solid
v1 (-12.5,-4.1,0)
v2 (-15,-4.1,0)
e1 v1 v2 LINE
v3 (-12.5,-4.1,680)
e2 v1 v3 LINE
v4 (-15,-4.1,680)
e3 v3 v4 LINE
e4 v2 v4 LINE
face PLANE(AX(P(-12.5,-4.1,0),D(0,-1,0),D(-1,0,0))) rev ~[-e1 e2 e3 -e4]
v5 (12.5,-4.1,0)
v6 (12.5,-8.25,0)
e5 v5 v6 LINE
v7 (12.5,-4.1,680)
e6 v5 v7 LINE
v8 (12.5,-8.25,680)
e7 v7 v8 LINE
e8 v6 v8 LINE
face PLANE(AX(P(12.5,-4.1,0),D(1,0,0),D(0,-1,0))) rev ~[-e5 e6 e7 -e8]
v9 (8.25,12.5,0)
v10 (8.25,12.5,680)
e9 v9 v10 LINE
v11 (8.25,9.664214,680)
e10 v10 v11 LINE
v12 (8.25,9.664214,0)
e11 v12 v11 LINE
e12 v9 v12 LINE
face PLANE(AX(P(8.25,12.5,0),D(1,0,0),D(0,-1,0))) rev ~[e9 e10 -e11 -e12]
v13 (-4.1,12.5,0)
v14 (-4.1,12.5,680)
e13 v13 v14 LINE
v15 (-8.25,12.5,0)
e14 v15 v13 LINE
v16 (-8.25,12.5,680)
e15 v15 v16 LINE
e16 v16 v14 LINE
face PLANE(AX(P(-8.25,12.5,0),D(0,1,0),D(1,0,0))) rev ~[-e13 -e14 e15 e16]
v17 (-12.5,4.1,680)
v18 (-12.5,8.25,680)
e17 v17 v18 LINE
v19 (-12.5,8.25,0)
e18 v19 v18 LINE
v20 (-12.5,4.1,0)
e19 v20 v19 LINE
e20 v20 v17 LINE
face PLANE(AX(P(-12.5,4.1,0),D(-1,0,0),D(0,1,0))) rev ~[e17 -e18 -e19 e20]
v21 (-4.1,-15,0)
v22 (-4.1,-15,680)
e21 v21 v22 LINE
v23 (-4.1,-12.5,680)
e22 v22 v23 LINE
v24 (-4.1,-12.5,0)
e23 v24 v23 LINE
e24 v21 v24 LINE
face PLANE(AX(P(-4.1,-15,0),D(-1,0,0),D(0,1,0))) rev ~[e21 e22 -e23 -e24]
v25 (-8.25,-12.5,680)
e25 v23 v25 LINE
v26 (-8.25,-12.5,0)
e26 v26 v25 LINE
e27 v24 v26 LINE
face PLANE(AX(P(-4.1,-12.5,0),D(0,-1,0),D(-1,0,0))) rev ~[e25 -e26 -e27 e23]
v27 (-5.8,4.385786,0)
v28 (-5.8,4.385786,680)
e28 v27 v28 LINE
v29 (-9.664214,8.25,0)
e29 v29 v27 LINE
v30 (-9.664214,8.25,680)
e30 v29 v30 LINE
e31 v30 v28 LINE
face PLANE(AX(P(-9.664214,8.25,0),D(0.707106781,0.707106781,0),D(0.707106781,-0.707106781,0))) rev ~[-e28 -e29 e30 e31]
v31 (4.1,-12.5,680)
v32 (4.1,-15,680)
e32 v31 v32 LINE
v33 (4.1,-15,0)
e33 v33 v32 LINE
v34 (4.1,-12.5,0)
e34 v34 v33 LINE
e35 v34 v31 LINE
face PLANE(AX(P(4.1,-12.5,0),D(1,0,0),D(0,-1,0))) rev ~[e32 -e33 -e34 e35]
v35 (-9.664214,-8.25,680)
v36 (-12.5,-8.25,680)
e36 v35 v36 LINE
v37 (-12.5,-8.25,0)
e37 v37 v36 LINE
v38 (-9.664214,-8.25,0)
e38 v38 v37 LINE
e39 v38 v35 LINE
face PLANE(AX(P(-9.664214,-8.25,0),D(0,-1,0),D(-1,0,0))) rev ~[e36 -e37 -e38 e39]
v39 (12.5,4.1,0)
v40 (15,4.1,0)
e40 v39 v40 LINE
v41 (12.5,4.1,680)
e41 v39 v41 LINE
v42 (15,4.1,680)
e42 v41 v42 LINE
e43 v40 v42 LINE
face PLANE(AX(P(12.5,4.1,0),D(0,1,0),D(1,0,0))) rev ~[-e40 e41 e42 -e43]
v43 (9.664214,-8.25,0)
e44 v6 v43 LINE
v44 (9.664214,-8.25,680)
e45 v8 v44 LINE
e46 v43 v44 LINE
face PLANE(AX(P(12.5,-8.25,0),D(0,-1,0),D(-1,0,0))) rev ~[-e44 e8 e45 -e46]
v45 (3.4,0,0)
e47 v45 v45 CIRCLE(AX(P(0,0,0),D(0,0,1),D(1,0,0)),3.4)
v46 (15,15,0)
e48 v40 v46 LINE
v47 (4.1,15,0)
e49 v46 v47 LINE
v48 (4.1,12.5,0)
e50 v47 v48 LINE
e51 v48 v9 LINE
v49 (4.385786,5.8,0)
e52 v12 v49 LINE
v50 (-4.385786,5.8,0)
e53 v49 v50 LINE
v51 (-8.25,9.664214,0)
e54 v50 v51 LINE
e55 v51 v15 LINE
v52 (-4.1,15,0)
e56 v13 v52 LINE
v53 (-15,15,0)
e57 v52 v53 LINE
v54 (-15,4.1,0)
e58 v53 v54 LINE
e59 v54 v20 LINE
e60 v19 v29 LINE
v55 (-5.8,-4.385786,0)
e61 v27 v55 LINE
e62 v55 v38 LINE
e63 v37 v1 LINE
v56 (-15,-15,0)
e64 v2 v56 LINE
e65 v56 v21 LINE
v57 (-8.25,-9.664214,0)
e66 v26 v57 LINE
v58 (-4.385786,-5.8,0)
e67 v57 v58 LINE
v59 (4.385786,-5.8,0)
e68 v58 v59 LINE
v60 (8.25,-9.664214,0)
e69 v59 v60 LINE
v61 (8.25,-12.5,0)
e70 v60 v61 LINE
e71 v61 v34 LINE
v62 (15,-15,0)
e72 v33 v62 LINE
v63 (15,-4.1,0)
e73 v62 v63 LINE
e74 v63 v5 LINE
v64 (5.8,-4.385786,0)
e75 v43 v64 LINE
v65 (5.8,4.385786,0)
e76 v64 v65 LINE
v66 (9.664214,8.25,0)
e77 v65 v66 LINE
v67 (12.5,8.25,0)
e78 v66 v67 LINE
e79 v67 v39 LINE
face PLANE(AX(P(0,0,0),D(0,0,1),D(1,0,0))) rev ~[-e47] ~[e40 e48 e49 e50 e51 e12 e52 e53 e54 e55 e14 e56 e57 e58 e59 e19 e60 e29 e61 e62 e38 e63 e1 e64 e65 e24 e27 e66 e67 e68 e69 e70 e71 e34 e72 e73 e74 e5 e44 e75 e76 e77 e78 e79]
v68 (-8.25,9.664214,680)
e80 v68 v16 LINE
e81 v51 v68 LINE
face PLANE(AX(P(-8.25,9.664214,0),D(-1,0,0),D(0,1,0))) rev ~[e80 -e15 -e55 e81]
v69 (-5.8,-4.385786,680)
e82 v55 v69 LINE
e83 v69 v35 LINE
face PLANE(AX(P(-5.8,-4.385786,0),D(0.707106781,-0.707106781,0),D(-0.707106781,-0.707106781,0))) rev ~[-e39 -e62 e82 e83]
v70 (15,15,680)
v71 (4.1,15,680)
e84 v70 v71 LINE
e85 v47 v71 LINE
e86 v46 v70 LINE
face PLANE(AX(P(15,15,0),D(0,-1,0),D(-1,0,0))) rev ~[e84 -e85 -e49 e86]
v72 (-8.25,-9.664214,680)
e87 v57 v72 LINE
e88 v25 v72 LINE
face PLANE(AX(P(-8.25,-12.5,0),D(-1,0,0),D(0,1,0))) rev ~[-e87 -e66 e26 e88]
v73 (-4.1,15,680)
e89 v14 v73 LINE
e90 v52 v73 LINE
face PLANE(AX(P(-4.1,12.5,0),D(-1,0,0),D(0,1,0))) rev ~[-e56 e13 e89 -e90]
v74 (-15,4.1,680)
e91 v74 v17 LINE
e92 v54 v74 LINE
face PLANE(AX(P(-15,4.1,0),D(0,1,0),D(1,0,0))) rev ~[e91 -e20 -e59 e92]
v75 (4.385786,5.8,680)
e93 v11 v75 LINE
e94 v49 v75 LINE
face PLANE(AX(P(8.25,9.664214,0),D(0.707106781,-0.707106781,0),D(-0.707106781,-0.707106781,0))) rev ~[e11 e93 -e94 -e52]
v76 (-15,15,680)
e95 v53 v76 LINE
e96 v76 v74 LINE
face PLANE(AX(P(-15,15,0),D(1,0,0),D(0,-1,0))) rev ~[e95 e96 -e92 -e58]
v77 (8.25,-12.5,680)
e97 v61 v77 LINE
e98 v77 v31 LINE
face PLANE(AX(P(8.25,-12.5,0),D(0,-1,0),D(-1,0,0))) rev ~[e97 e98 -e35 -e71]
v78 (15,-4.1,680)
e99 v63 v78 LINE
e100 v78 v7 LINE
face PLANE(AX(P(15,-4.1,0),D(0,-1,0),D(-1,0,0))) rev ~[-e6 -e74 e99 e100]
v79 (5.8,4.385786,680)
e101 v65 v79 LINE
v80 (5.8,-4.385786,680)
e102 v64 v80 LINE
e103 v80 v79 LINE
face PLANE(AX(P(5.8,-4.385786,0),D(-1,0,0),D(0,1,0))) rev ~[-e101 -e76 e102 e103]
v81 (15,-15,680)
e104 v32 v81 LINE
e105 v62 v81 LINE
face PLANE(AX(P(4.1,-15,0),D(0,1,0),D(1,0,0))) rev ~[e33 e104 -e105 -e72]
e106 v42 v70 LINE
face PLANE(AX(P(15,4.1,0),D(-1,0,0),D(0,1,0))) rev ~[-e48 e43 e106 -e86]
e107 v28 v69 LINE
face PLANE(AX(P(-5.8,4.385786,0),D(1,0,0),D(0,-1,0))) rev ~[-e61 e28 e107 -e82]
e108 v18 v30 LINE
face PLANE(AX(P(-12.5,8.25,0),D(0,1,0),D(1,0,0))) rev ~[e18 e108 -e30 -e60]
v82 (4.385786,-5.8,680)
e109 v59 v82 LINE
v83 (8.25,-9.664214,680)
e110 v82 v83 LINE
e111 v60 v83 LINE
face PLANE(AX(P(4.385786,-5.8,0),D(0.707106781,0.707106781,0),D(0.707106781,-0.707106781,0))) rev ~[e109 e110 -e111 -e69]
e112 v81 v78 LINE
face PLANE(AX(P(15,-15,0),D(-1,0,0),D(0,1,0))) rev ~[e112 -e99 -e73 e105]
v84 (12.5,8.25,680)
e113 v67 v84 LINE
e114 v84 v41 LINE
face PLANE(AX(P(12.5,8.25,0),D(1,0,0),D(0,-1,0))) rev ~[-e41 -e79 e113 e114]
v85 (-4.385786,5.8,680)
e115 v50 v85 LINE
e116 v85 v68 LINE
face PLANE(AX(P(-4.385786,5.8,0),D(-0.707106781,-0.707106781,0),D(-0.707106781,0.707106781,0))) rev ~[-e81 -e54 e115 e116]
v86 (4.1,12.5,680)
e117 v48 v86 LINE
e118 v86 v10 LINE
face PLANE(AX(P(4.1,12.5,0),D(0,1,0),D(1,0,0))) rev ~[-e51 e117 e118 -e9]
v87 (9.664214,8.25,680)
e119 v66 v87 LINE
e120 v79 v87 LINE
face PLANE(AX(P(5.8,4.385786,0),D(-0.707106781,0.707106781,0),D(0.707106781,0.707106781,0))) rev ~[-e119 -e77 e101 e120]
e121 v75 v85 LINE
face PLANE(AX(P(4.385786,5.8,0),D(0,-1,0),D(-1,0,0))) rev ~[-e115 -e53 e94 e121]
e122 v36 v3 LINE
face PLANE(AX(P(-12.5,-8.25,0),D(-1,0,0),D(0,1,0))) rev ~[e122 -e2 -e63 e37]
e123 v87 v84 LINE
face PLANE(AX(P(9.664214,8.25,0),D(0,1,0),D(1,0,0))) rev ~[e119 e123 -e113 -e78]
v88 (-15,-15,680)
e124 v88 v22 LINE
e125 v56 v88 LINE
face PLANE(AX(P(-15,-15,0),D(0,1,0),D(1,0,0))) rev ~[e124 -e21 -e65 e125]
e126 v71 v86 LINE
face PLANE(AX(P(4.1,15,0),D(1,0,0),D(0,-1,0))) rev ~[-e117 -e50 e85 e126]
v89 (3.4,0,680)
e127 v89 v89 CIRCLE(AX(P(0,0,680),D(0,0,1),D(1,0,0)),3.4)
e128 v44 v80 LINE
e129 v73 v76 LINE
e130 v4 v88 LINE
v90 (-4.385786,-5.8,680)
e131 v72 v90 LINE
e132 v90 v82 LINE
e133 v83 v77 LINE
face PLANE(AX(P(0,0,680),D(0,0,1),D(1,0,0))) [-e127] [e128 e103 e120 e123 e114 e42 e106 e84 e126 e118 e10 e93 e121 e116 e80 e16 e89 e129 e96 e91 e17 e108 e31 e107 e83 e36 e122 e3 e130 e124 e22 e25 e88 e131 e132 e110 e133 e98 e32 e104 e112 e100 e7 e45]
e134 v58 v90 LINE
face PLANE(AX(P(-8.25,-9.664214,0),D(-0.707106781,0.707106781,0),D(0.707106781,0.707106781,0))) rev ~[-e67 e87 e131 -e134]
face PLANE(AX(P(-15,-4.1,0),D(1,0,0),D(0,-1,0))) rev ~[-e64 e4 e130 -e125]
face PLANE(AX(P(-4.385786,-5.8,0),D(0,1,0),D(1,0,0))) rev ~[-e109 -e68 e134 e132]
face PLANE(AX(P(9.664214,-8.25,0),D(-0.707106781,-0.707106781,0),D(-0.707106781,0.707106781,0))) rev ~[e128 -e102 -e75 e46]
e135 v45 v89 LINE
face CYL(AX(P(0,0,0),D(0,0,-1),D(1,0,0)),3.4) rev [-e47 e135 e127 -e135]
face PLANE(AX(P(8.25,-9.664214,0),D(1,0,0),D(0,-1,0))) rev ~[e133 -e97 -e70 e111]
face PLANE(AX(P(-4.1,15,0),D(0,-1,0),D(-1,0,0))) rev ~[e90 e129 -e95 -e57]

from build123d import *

# Parameters (mm, degrees)
SKETCH_1_R      = 3.4
EXTRUDE_1_DEPTH = 680


with BuildPart() as part:
    # 草图1 → 凸台-拉伸1 (new body)
    with BuildSketch(Plane.XY):
        Polygon((-4.1, 12.5), (-4.1, 15), (-8.25, 15), (-15, 15), (-15, 8.25), (-15, 4.1), (-12.5, 4.1), (-12.5, 8.25), (-9.664213562, 8.25), (-5.8, 4.385786438), (-5.8, -4.385786438), (-9.664213562, -8.25), (-12.5, -8.25), (-12.5, -4.1), (-15, -4.1), (-15, -8.25), (-15, -15), (-8.25, -15), (-4.1, -15), (-4.1, -12.5), (-8.25, -12.5), (-8.25, -9.664213562), (-4.385786438, -5.8), (4.385786438, -5.8), (8.25, -9.664213562), (8.25, -12.5), (4.1, -12.5), (4.1, -15), (8.25, -15), (15, -15), (15, -8.25), (15, -4.1), (12.5, -4.1), (12.5, -8.25), (9.664213562, -8.25), (5.8, -4.385786438), (5.8, 4.385786438), (9.664213562, 8.25), (12.5, 8.25), (12.5, 4.1), (15, 4.1), (15, 8.25), (15, 15), (8.25, 15), (4.1, 15), (4.1, 12.5), (8.25, 12.5), (8.25, 9.664213562), (4.385786438, 5.8), (-4.385786438, 5.8), (-8.25, 9.664213562), (-8.25, 12.5), align=None)
        Circle(SKETCH_1_R, mode=Mode.SUBTRACT)
    extrude(amount=EXTRUDE_1_DEPTH)


solid = part.part
